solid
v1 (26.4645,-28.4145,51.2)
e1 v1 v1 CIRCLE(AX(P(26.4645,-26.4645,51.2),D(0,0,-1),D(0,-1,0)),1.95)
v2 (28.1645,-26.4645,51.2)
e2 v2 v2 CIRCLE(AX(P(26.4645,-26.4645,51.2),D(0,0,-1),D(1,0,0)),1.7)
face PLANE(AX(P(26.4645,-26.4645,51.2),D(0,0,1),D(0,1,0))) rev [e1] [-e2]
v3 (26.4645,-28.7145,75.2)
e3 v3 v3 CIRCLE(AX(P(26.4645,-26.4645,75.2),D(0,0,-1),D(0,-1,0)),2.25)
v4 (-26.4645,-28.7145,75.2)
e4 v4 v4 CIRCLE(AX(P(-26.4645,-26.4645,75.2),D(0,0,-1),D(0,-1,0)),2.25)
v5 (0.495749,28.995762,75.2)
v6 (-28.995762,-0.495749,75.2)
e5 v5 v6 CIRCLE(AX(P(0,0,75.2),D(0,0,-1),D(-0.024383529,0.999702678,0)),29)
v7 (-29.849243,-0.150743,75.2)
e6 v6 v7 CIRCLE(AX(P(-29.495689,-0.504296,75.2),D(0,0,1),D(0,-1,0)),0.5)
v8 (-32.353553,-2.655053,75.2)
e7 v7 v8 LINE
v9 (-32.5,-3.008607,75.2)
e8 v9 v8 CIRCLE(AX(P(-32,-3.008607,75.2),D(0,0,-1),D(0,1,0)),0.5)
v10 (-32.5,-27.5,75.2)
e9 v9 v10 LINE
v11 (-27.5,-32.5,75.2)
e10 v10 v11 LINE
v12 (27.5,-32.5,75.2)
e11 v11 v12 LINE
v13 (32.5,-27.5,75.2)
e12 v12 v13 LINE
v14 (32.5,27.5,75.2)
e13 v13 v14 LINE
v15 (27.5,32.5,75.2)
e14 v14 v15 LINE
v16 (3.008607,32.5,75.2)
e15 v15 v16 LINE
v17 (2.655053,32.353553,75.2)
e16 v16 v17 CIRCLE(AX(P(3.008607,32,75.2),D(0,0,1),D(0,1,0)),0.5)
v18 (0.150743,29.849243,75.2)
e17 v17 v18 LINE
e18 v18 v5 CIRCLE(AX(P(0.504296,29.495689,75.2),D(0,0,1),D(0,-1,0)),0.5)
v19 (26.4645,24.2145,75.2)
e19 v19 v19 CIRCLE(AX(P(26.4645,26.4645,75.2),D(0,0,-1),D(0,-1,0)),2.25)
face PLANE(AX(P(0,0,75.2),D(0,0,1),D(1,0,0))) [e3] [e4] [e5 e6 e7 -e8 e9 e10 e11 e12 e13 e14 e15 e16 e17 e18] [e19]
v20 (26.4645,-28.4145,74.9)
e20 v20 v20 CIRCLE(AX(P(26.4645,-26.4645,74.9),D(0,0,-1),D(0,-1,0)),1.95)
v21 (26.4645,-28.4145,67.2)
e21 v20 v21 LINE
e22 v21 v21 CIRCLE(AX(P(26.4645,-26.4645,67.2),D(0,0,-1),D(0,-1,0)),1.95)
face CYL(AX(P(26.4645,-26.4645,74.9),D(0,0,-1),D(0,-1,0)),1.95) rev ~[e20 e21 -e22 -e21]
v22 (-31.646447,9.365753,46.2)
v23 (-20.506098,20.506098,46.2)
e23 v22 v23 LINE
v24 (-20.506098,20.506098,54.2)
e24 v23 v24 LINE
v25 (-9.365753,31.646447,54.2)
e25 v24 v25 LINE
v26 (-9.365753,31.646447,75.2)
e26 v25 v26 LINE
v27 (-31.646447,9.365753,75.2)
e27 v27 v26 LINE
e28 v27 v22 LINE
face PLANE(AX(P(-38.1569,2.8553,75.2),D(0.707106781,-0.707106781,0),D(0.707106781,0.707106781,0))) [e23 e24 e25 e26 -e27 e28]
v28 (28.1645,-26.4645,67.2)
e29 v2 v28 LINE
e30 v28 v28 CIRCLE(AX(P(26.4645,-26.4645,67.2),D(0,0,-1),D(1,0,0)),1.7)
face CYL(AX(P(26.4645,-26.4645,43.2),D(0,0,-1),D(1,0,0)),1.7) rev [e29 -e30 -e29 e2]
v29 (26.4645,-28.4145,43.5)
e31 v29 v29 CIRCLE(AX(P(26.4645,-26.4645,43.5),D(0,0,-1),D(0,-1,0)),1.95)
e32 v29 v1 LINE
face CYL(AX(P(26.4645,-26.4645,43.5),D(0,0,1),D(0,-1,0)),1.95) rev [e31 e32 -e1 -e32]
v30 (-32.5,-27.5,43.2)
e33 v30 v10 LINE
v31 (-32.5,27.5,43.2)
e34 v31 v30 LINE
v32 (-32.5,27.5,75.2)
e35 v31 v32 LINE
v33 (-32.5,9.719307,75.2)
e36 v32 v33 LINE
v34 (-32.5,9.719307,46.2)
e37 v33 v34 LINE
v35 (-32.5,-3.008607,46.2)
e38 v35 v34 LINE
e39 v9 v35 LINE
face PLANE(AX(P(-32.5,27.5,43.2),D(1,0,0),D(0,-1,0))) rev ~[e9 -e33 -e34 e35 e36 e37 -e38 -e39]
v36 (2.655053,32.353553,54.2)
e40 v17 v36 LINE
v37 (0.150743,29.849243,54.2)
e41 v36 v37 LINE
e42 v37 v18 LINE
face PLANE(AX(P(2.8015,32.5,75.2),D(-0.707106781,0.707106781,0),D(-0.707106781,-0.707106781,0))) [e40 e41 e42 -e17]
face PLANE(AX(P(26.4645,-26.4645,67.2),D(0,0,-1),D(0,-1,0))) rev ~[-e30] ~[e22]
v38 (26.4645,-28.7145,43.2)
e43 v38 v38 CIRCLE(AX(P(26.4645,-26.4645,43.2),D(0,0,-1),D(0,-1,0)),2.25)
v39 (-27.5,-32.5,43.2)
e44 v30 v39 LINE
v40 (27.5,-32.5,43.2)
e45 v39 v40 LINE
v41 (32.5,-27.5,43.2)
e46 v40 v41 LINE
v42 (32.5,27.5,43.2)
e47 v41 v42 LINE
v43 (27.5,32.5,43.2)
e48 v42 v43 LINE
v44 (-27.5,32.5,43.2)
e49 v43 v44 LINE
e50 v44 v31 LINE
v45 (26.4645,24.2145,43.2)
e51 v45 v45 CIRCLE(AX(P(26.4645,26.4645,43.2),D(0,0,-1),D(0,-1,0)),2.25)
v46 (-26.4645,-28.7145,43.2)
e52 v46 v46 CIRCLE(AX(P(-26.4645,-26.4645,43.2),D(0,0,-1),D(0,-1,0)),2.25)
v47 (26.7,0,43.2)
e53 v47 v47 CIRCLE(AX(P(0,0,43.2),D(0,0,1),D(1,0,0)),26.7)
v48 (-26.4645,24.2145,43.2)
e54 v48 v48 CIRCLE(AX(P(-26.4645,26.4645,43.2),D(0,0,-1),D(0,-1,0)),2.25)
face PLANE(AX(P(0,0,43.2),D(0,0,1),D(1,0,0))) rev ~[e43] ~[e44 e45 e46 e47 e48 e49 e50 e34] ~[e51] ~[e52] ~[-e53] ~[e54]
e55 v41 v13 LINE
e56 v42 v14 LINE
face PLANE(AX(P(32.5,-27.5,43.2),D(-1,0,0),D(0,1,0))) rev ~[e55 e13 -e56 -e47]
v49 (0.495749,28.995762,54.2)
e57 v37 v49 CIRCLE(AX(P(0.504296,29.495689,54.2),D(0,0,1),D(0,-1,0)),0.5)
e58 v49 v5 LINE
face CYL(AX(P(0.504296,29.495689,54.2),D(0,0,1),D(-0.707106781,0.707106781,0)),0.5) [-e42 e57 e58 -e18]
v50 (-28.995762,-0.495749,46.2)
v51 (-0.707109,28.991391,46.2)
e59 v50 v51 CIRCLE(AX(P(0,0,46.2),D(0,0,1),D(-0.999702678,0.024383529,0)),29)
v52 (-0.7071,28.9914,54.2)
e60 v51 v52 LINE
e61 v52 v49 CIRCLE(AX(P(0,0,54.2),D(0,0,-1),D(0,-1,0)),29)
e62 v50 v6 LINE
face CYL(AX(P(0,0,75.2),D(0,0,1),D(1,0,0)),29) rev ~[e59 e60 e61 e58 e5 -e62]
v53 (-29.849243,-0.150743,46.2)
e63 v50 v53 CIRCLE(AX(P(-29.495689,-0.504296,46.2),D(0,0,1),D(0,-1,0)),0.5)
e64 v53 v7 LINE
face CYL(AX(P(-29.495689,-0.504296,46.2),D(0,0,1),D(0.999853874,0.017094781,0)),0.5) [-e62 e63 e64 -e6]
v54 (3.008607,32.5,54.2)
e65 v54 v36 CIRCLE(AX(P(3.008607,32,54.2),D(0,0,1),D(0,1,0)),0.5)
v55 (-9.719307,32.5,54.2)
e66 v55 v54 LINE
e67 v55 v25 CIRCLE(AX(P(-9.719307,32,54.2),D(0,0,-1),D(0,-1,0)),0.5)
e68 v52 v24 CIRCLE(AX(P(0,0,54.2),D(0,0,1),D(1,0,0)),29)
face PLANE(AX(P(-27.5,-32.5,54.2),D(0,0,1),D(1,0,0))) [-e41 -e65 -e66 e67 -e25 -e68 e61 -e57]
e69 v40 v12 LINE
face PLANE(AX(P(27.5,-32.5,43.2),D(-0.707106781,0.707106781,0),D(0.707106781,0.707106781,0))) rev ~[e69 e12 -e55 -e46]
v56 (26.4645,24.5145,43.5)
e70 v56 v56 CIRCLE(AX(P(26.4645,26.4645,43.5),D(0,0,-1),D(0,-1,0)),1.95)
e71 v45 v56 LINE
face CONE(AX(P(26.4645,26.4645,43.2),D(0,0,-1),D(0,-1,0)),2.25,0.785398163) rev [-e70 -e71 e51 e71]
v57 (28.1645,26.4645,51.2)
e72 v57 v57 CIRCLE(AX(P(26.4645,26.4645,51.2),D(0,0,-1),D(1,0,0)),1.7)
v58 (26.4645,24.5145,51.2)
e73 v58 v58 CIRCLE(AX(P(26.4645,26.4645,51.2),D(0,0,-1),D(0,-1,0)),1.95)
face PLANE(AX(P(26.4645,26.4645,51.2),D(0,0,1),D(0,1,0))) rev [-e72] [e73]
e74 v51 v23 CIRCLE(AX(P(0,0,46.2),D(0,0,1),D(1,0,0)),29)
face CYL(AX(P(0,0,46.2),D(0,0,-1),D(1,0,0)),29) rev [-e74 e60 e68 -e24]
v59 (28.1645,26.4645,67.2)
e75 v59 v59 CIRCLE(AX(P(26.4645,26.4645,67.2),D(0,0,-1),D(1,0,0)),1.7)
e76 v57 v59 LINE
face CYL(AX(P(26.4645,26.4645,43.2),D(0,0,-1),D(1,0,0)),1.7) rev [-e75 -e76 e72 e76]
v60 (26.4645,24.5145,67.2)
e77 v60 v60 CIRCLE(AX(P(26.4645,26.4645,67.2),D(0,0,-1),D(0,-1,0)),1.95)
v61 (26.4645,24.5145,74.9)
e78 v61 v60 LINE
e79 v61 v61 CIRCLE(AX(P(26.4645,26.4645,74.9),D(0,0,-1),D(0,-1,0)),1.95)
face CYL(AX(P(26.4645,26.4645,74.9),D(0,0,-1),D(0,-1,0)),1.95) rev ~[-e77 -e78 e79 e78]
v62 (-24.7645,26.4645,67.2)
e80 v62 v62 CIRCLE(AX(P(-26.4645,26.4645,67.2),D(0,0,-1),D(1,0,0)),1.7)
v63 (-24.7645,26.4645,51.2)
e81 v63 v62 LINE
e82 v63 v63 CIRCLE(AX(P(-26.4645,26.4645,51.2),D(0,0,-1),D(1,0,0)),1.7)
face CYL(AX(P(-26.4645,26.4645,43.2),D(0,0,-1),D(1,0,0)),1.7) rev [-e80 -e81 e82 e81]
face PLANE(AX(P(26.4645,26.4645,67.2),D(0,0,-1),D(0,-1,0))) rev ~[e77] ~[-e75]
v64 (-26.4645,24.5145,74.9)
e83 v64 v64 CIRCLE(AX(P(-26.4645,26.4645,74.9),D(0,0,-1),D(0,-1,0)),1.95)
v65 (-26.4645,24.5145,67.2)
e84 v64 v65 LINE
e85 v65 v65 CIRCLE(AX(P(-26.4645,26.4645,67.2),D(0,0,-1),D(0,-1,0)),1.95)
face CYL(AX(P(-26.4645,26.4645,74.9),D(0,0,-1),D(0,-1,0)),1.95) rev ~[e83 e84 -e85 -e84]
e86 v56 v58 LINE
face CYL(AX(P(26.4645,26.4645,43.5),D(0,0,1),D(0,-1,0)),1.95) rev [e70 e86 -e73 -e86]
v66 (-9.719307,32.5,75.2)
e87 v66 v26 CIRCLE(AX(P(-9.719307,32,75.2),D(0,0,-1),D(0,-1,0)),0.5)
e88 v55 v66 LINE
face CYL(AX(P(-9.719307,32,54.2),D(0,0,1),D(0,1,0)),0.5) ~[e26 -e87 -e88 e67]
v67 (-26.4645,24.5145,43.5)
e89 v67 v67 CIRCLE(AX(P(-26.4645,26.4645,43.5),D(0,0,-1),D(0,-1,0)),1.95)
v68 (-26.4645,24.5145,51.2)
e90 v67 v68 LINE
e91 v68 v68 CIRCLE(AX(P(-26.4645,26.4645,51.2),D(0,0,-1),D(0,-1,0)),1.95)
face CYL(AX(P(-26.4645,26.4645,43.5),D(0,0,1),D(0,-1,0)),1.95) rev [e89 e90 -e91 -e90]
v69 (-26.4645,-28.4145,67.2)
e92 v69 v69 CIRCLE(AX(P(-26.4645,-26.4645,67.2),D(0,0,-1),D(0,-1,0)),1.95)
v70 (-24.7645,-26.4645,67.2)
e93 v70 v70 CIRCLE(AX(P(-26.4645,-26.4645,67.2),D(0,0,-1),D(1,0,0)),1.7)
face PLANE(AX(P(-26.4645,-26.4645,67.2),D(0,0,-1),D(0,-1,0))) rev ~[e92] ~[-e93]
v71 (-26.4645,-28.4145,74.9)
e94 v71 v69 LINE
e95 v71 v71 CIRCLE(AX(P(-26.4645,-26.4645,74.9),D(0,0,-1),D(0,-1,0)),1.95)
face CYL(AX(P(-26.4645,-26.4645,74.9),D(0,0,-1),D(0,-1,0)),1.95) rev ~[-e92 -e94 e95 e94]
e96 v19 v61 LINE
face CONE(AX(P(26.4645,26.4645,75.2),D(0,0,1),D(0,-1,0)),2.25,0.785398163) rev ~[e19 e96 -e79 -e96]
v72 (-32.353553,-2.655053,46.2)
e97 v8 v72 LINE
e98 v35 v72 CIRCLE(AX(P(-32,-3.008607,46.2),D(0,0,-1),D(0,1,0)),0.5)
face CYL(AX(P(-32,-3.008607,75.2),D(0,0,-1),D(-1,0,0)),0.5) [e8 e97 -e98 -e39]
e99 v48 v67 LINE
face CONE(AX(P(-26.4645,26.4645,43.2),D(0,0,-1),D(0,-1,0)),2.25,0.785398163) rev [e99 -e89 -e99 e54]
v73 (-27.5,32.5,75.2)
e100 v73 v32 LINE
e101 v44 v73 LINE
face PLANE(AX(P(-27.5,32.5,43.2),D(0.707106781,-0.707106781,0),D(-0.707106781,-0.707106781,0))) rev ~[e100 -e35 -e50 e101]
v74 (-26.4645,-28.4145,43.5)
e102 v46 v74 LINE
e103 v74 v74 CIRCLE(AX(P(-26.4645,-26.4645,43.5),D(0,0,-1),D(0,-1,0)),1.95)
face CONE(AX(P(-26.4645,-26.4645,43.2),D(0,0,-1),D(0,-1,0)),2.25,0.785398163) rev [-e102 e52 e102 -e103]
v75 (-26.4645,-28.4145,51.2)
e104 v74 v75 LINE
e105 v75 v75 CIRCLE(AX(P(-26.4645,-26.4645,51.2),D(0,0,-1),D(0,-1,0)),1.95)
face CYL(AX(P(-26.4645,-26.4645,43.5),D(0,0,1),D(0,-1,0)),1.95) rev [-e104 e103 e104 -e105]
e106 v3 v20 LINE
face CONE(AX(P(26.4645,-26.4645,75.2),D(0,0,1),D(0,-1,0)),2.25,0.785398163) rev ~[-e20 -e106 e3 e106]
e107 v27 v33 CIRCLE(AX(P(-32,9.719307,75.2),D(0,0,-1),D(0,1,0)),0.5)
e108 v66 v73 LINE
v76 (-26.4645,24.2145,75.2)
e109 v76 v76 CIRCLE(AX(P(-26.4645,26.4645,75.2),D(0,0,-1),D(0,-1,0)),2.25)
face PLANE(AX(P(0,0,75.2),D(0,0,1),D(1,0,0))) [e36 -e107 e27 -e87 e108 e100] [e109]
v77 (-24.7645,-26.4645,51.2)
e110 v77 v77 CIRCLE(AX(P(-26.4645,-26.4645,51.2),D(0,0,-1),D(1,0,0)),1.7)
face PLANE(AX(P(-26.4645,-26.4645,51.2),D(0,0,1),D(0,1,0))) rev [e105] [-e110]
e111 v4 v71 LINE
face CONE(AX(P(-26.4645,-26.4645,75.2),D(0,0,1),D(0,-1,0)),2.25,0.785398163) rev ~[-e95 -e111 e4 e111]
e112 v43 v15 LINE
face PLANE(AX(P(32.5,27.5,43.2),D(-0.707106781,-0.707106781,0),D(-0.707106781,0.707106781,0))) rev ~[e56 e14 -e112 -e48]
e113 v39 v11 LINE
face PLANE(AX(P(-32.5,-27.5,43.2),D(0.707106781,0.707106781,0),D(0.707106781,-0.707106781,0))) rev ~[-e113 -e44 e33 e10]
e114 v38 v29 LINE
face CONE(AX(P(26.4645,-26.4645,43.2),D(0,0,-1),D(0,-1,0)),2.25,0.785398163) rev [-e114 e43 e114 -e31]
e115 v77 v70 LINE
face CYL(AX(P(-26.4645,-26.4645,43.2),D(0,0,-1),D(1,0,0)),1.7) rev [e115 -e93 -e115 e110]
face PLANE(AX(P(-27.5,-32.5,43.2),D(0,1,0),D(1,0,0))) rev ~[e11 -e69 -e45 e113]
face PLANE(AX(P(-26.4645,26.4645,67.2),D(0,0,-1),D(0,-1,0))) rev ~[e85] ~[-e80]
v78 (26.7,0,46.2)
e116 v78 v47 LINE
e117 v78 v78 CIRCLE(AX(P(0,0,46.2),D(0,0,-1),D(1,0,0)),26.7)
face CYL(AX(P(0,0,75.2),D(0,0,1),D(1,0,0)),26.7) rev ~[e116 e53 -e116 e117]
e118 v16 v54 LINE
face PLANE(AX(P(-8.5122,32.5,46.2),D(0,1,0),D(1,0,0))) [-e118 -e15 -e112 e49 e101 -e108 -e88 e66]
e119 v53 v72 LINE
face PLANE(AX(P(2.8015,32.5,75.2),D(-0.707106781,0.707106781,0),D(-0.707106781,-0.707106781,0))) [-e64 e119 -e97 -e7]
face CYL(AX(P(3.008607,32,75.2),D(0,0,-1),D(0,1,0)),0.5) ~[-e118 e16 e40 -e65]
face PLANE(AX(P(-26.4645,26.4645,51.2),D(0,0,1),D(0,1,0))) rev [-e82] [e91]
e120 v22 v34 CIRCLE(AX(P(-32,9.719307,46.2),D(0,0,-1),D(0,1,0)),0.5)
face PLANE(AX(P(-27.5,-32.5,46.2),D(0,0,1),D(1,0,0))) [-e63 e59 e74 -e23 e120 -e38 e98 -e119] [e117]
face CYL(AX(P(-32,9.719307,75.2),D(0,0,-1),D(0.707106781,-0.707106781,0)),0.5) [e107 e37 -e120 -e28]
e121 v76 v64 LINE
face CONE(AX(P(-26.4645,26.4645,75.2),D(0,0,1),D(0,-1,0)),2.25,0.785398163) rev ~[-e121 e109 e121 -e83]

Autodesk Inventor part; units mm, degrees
ref_plane "РабПлоскость1" through (0, 0, 43.2) normal (0, 0, 1) x (1, 0, 0)
sketch "Эскиз1" plane through (0, 0, 43.2) normal (0, 0, 1) x (1, 0, 0)
  circle A0 centre (0, 0) radius 12.5 construction
  circle A1 centre (26.4645, -26.4645) radius 1.95 construction
  circle A2 centre (-26.4645, 26.4645) radius 1.95 construction
  circle A3 centre (26.4645, 26.4645) radius 1.95 construction
  circle A4 centre (-26.4645, -26.4645) radius 1.95 construction
  circle A5 centre (15.35, -15.35) radius 3.3 construction
  circle A6 centre (-15.35, 15.35) radius 3.3 construction
  circle A7 centre (15.35, 15.35) radius 3.3 construction
  circle A8 centre (-15.35, -15.35) radius 3.3 construction
  line L0 (-32.5, 27.5) -> (-32.5, -27.5) projected
  line L1 (-32.5, -27.5) -> (-27.5, -32.5) projected
  line L2 (-27.5, -32.5) -> (27.5, -32.5) projected
  line L3 (27.5, -32.5) -> (32.5, -27.5) projected
  line L4 (32.5, -27.5) -> (32.5, 27.5) projected
  line L5 (32.5, 27.5) -> (27.5, 32.5) projected
  line L6 (27.5, 32.5) -> (-27.5, 32.5) projected
  line L7 (-27.5, 32.5) -> (-32.5, 27.5) projected
  circle A9 centre (-26.4645, 26.4645) radius 1.7
  circle A10 centre (-26.4645, -26.4645) radius 1.7
  circle A11 centre (26.4645, -26.4645) radius 1.7
  circle A12 centre (26.4645, 26.4645) radius 1.7
  point P0 (0, 0)
  dimension "d0" = 3.4
  dimension "d3" = 360
ref_plane "РабПлоскость2" through (-24, -24, 68.2) normal (0, 0, 1) x (1, 0, 0)
ref_plane "РабПлоскость3" through (-25, -25, 76.2) normal (0, 0, 1) x (1, 0, 0)
ref_plane "РабПлоскость4" through (-25, -25, 75.2) normal (0, 0, 1) x (1, 0, 0)
extrude "Выдавливание1" add sketch "Эскиз1" along normal up to surface (32 mm away)
sketch "Эскиз2" plane through (-27.5, -32.5, 75.2) normal (0, 0, 1) x (1, 0, 0)
  circle A0 centre (27.5, 32.5) radius 26.7
  circle A1 centre (27.5, 32.5) radius 26 construction
  point P0 (27.5, 32.5)
  dimension "d7" = 0.7
extrude "Выдавливание2" cut sketch "Эскиз2" against normal through all
sketch "Эскиз3" plane through (-27.5, -32.5, 75.2) normal (0, 0, 1) x (1, 0, 0)
  circle A0 centre (27.5, 32.5) radius 29
  point P0 (27.5, 32.5)
  dimension "d10" = 58
extrude "Выдавливание3" cut sketch "Эскиз3" against normal blind 29
sketch "Эскиз4" plane through (-27.5, -32.5, 75.2) normal (0, 0, 1) x (1, 0, 0)
  line L0 (27.5, 32.5) -> (-17.4216, 32.5) construction
  line L1 (27.5, 32.5) -> (27.5, 86.8175) construction
  line L2 (-5, 5) -> (-5, 60) construction
  line L3 (30.3015, 65) -> (-5, 29.6985)
  line L4 (-5, 29.6985) -> (-10.6569, 35.3553)
  line L5 (-10.6569, 35.3553) -> (24.6447, 70.6569)
  line L6 (24.6447, 70.6569) -> (30.3015, 65)
  line L7 (30.3015, 65) -> (-10.6569, 35.3553) construction
  line L8 (-5, 29.6985) -> (24.6447, 70.6569) construction
  line L9 (-5, 60) -> (0, 65) construction
  line L10 (0, 65) -> (55, 65) construction
  circle A0 centre (27.5, 32.5) radius 29 construction
  point P0 (9.8223, 50.1777)
  dimension "d16" = 8
extrude "Выдавливание4" cut sketch "Эскиз4" against normal up to surface (29 mm away)
sketch "Эскиз5" plane through (-27.5, -32.5, 46.2) normal (0, 0, 1) x (1, 0, 0)
  arc A0 (-1.4914, 33.2071) -> (26.7929, 61.4914) centre (27.5, 32.5) ccw projected
  line L0 (30.3015, 65) -> (26.7929, 61.4914) projected
  line L1 (18.9878, 65) -> (30.3015, 65) projected
  line L2 (-5, 41.0122) -> (18.9878, 65) projected
  line L3 (-5, 29.6985) -> (-5, 41.0122) projected
  line L4 (-1.4914, 33.2071) -> (-5, 29.6985) projected
  circle A1 centre (27.5, 32.5) radius 26.7 projected
  circle A2 centre (27.5, 32.5) radius 29
  point P0 (27.5, 32.5)
  point P1 (6.9939, 53.0061)
extrude "Выдавливание5" add sketch "Эскиз5" along normal blind 8 contours L2 L1 L0 A2
fillet "Сопряжение1" radius 0.5 6 edges at (-0.7071, 28.9914, 64.7) (-28.9914, 0.7071, 60.7) (-8.5122, 32.5, 64.7) (2.8015, 32.5, 64.7) (-32.5, -2.8015, 60.7) (-32.5, 8.5122, 60.7)
sketch "Эскиз6" plane through (-27.5, -32.5, 75.2) normal (0, 0, 1) x (1, 0, 0)
  circle A0 centre (1.0355, 58.9645) radius 1.7 construction
  circle A1 centre (53.9645, 58.9645) radius 1.7 construction
  circle A2 centre (53.9645, 6.0355) radius 1.7 construction
  circle A3 centre (1.0355, 6.0355) radius 1.7 construction
  point P0 (27.5, 32.5)
hole "Отверстие1" at (-26.4645, 26.4645, 75.2) at (26.4645, 26.4645, 75.2) at (26.4645, -26.4645, 75.2) at (-26.4645, -26.4645, 75.2) direction (0, 0, -1) diameter 3.9 depth 8 countersink diameter 4.5 countersink angle 90
ref_plane "РабПлоскость5" through (-27.5, -32.5, 59.2) normal (0, 0, 1) x (1, 0, 0)
mirror "Зеркальное отражение1" about plane through (-27.5, -32.5, 59.2) normal (0, 0, 1) of "Отверстие1"
properties part number "Корпус" material "По умолчанию1"
